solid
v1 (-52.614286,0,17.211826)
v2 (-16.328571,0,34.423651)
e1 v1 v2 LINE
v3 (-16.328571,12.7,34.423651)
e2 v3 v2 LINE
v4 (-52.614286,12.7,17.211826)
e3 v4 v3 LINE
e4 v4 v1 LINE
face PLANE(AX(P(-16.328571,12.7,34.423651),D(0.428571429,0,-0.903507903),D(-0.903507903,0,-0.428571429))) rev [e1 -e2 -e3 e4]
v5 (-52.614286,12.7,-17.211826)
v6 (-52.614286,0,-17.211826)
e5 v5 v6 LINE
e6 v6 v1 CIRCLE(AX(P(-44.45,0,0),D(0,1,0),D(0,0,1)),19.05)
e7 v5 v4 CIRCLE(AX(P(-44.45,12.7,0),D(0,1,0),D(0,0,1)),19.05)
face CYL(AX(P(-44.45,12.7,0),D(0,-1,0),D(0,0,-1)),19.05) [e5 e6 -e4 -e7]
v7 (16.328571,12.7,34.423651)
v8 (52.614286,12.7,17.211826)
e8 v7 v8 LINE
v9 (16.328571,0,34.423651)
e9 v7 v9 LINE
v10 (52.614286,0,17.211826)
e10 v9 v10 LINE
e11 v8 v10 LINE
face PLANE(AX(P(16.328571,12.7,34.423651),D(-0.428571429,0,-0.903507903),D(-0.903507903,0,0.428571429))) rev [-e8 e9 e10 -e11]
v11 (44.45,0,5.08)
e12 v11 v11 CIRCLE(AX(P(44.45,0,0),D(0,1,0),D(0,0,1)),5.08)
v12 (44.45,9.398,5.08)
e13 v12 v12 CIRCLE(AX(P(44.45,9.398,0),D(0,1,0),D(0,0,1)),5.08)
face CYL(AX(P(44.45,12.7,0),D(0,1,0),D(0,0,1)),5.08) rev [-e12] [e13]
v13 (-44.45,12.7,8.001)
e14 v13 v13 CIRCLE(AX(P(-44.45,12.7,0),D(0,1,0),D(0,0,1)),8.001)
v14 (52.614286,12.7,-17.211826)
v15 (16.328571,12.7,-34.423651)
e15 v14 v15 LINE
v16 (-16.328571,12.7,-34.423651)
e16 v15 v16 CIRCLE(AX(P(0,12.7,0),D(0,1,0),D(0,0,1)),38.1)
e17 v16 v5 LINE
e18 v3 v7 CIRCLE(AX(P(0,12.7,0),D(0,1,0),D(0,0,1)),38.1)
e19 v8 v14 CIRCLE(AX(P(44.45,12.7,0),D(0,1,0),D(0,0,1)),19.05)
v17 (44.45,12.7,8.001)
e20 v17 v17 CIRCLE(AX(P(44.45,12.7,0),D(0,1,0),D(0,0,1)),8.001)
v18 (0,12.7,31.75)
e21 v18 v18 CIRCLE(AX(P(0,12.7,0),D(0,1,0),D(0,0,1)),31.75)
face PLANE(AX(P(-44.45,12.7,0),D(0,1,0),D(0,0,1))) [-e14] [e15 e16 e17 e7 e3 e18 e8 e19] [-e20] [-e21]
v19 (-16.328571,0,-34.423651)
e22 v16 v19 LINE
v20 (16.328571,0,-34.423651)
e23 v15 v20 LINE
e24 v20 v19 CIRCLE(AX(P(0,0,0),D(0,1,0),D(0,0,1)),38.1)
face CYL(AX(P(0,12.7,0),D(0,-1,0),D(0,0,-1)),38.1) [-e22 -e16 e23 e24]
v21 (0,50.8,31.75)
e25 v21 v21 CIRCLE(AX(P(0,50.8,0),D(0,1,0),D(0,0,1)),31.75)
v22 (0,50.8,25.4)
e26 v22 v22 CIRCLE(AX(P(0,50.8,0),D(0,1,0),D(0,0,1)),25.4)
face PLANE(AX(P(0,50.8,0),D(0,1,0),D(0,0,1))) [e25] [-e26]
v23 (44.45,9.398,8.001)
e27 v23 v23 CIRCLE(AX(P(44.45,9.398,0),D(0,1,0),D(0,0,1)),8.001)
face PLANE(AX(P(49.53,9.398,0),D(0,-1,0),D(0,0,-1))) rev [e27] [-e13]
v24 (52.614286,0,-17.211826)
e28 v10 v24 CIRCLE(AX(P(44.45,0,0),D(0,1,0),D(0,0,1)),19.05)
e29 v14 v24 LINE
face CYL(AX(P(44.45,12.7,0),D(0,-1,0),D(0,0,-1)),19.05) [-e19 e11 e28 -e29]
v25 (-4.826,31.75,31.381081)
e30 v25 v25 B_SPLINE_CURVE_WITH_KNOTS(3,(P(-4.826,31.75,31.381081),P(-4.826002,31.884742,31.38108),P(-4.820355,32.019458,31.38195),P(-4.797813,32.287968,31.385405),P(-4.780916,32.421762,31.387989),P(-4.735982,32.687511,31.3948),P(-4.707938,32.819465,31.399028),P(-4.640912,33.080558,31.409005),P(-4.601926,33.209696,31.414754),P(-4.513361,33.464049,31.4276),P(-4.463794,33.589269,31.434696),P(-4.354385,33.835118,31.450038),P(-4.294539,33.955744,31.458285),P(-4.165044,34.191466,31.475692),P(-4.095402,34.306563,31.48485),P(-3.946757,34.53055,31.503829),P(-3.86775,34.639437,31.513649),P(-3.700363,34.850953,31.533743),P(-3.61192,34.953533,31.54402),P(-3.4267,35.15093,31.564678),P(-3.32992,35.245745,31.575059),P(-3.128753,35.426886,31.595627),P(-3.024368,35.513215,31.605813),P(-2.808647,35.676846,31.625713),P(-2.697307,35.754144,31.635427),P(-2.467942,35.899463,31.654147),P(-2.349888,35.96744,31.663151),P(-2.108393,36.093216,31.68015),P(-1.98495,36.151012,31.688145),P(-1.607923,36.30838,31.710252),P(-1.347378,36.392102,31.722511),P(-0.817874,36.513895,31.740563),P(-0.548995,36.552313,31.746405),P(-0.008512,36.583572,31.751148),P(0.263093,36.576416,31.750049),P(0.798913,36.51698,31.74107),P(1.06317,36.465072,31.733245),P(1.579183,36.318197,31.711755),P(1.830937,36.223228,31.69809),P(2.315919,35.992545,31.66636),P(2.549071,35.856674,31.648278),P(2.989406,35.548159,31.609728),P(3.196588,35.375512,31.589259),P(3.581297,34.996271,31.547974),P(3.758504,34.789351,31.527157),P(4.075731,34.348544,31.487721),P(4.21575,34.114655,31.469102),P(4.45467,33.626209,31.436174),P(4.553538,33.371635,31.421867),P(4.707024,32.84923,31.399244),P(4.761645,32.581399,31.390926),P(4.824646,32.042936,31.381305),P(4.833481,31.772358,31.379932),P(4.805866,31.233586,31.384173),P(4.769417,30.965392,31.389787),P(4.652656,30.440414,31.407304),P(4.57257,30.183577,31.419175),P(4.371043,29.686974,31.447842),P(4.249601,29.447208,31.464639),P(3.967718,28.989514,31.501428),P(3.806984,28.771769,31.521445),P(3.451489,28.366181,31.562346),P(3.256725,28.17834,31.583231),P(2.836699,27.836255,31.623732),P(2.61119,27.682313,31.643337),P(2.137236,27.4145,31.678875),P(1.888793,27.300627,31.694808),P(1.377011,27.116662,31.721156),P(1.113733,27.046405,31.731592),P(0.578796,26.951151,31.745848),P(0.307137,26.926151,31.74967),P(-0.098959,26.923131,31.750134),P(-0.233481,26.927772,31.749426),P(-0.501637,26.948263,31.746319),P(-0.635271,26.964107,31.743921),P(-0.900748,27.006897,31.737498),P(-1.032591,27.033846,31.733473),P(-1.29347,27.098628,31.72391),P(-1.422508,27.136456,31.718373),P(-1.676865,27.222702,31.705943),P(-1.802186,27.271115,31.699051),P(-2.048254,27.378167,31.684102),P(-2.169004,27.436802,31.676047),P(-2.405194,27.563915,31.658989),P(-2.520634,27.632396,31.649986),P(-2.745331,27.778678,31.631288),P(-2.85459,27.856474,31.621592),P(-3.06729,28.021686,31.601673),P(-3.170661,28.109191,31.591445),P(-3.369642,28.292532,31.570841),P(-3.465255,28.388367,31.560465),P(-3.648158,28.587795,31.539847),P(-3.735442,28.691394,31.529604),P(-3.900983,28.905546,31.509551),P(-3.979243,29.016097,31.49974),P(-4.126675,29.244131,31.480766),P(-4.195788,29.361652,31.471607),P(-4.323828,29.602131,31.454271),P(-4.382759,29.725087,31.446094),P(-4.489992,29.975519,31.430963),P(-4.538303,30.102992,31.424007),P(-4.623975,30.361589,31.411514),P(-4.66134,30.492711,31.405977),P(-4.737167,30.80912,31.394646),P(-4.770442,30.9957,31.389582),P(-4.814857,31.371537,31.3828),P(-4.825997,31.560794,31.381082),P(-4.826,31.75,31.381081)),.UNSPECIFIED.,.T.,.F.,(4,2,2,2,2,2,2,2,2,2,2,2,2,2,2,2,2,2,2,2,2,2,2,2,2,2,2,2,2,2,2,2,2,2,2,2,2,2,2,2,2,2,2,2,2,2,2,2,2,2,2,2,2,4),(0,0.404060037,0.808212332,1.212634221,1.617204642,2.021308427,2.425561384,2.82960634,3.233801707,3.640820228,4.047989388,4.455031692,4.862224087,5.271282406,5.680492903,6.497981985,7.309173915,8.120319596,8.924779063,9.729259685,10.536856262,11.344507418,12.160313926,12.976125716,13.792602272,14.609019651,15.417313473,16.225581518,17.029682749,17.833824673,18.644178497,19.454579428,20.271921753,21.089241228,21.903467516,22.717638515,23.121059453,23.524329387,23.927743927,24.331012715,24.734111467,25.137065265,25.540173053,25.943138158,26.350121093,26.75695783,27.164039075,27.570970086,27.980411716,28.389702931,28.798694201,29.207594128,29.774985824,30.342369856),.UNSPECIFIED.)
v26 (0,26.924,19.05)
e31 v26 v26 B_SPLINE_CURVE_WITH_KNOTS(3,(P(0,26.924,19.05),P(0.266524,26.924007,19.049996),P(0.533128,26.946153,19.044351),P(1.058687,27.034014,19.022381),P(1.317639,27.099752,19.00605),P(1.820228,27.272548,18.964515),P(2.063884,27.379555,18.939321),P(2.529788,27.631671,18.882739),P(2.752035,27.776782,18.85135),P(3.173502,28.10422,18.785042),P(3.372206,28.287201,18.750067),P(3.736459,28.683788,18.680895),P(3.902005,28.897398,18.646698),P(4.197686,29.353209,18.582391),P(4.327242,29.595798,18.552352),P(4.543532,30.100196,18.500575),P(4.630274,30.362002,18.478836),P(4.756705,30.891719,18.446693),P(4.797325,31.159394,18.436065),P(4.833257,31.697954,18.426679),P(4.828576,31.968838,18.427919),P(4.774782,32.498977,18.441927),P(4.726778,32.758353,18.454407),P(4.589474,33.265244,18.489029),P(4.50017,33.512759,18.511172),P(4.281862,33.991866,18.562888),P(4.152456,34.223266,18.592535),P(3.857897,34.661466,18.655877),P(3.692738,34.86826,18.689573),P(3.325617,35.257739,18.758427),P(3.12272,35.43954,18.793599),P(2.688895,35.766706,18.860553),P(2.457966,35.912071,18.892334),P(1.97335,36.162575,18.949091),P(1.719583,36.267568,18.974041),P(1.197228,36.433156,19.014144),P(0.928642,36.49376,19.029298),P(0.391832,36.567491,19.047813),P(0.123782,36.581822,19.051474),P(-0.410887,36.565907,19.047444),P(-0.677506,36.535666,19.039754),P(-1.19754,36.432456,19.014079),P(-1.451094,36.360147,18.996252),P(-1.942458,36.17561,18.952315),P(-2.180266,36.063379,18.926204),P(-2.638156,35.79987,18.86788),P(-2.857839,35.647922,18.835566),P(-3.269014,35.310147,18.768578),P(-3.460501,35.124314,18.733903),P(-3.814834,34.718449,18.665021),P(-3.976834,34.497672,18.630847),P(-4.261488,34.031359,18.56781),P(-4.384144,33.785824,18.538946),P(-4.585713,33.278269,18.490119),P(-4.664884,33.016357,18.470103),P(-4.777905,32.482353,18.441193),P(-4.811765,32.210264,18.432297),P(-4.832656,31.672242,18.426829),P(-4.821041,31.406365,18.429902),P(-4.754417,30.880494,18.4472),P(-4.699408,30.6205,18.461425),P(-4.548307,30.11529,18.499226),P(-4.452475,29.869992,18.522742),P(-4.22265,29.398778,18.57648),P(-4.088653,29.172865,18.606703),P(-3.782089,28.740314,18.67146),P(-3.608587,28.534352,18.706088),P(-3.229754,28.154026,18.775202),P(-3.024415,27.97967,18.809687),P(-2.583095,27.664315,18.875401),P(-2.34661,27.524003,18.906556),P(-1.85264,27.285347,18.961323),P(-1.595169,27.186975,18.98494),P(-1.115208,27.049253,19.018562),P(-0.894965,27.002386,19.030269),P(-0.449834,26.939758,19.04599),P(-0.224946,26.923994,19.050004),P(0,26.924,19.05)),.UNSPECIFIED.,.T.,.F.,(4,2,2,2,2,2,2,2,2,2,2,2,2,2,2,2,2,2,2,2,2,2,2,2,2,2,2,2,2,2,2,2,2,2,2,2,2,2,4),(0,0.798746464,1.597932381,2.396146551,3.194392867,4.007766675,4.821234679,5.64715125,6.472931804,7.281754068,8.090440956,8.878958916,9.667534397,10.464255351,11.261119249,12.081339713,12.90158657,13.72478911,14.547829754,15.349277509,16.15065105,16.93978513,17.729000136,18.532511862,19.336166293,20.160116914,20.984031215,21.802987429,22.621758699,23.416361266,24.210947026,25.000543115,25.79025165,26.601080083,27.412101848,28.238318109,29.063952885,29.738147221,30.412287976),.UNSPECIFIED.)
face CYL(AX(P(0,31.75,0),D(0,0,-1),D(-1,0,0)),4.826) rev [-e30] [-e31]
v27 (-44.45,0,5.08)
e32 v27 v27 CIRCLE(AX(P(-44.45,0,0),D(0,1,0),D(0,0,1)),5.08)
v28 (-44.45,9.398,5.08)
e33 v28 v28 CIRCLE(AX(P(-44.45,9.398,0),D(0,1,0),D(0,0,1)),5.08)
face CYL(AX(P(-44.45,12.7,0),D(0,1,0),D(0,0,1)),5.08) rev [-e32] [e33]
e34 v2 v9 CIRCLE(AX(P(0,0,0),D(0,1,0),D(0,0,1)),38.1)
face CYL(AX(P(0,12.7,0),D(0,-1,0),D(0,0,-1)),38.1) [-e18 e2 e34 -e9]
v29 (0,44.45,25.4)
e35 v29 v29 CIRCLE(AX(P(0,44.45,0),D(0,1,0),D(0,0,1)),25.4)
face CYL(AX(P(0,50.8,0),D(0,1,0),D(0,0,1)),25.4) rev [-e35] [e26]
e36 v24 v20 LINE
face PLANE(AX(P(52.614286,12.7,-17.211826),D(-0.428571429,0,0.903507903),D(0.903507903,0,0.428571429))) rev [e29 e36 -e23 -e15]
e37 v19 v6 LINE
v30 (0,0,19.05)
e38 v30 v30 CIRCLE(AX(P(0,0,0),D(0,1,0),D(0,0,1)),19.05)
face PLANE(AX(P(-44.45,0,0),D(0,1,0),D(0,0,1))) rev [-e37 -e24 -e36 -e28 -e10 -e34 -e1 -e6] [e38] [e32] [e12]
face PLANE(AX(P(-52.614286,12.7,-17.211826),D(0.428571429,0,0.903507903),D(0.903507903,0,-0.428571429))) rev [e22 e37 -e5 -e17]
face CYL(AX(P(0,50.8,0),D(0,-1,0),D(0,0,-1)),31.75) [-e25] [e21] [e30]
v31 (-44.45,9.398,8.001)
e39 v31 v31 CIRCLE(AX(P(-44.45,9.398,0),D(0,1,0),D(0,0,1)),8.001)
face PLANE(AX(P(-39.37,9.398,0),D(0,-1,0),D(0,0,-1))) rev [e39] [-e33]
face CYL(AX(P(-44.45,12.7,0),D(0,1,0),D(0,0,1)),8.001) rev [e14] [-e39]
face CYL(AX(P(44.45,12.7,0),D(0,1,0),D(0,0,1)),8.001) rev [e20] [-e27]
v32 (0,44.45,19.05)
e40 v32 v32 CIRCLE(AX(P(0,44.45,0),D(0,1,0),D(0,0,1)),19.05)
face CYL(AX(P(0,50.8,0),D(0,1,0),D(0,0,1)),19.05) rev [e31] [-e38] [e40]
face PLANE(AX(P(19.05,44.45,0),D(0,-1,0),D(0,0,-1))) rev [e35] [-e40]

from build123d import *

# Parameters (mm, degrees)
BOSS_EXTRUDE1_DEPTH                                  = 12.7
SKETCH2_R                                            = 31.75
BOSS_EXTRUDE2_DEPTH                                  = 38.1
CBORE_FOR_3_8_BINDING_HEAD_MACHINE_SCREW_D           = 38.1
CBORE_FOR_3_8_BINDING_HEAD_MACHINE_SCREW_CBORE_D     = 50.8
CBORE_FOR_3_8_BINDING_HEAD_MACHINE_SCREW_CBORE_DEPTH = 6.35
CBORE_FOR_3_8_BINDING_HEAD_MACHINE_S_2_D             = 10.16
CBORE_FOR_3_8_BINDING_HEAD_MACHINE_S_2_CBORE_D       = 16.002
CBORE_FOR_3_8_BINDING_HEAD_MACHINE_S_2_CBORE_DEPTH   = 3.302
SKETCH9_W                                            = 4.826
SKETCH9_H                                            = 38.1


with BuildPart() as part:
    # Sketch1 → Boss-Extrude1 (new body)
    with BuildSketch(Plane(origin=(0, 0, 0), x_dir=(1, 0, 0), z_dir=(0, 1, 0))):
        with BuildLine():
            Line((-52.614285714, 17.21182555), (-16.328571429, 34.423651101))
            ThreePointArc((-16.328571429, 34.423651101), (0, 38.1), (16.328571429, 34.423651101))
            Line((16.328571429, 34.423651101), (52.614285714, 17.21182555))
            ThreePointArc((52.614285714, 17.21182555), (63.5, 0), (52.614285714, -17.21182555))
            Line((52.614285714, -17.21182555), (16.328571429, -34.423651101))
            ThreePointArc((16.328571429, -34.423651101), (0, -38.1), (-16.328571429, -34.423651101))
            Line((-16.328571429, -34.423651101), (-52.614285714, -17.21182555))
            ThreePointArc((-52.614285714, -17.21182555), (-63.5, 0), (-52.614285714, 17.21182555))
        make_face()
    extrude(amount=BOSS_EXTRUDE1_DEPTH)

    # Sketch2 → Boss-Extrude2 (add)
    with BuildSketch(Plane(origin=(0, 12.7, 0), x_dir=(1, 0, 0), z_dir=(0, 1, 0))):
        with Locations(Location((0, 0, 0), (0, 0, 90))):
            Circle(SKETCH2_R)
    extrude(amount=BOSS_EXTRUDE2_DEPTH)

    # CBORE for 3_8 Binding Head Machine Screw (through all)
    with Locations(Plane(origin=(0, 50.8, 0), x_dir=(1, 0, 0), z_dir=(0, 1, 0))):
        with Locations((0, 0)):
            CounterBoreHole(CBORE_FOR_3_8_BINDING_HEAD_MACHINE_SCREW_D / 2, CBORE_FOR_3_8_BINDING_HEAD_MACHINE_SCREW_CBORE_D / 2, CBORE_FOR_3_8_BINDING_HEAD_MACHINE_SCREW_CBORE_DEPTH)

    # CBORE for 3_8 Binding Head Machine S 2 (through all)
    with Locations(Plane(origin=(0, 12.7, 0), x_dir=(1, 0, 0), z_dir=(0, 1, 0))):
        with Locations((-44.45, 0), (44.45, 0)):
            CounterBoreHole(CBORE_FOR_3_8_BINDING_HEAD_MACHINE_S_2_D / 2, CBORE_FOR_3_8_BINDING_HEAD_MACHINE_S_2_CBORE_D / 2, CBORE_FOR_3_8_BINDING_HEAD_MACHINE_S_2_CBORE_DEPTH)

    # Sketch9 → 3/8 (0.38) Diameter Hole1 (revolve, cut)
    with BuildSketch(Plane(origin=(0, 31.75, 0), x_dir=(0, 1, 0), z_dir=(1, 0, 0))):
        with Locations((2.413, 19.05)):
            Rectangle(SKETCH9_W, SKETCH9_H)
    revolve(axis=Axis((0, 31.75, -6.35), (0, 0, 1)), mode=Mode.SUBTRACT)


solid = part.part
